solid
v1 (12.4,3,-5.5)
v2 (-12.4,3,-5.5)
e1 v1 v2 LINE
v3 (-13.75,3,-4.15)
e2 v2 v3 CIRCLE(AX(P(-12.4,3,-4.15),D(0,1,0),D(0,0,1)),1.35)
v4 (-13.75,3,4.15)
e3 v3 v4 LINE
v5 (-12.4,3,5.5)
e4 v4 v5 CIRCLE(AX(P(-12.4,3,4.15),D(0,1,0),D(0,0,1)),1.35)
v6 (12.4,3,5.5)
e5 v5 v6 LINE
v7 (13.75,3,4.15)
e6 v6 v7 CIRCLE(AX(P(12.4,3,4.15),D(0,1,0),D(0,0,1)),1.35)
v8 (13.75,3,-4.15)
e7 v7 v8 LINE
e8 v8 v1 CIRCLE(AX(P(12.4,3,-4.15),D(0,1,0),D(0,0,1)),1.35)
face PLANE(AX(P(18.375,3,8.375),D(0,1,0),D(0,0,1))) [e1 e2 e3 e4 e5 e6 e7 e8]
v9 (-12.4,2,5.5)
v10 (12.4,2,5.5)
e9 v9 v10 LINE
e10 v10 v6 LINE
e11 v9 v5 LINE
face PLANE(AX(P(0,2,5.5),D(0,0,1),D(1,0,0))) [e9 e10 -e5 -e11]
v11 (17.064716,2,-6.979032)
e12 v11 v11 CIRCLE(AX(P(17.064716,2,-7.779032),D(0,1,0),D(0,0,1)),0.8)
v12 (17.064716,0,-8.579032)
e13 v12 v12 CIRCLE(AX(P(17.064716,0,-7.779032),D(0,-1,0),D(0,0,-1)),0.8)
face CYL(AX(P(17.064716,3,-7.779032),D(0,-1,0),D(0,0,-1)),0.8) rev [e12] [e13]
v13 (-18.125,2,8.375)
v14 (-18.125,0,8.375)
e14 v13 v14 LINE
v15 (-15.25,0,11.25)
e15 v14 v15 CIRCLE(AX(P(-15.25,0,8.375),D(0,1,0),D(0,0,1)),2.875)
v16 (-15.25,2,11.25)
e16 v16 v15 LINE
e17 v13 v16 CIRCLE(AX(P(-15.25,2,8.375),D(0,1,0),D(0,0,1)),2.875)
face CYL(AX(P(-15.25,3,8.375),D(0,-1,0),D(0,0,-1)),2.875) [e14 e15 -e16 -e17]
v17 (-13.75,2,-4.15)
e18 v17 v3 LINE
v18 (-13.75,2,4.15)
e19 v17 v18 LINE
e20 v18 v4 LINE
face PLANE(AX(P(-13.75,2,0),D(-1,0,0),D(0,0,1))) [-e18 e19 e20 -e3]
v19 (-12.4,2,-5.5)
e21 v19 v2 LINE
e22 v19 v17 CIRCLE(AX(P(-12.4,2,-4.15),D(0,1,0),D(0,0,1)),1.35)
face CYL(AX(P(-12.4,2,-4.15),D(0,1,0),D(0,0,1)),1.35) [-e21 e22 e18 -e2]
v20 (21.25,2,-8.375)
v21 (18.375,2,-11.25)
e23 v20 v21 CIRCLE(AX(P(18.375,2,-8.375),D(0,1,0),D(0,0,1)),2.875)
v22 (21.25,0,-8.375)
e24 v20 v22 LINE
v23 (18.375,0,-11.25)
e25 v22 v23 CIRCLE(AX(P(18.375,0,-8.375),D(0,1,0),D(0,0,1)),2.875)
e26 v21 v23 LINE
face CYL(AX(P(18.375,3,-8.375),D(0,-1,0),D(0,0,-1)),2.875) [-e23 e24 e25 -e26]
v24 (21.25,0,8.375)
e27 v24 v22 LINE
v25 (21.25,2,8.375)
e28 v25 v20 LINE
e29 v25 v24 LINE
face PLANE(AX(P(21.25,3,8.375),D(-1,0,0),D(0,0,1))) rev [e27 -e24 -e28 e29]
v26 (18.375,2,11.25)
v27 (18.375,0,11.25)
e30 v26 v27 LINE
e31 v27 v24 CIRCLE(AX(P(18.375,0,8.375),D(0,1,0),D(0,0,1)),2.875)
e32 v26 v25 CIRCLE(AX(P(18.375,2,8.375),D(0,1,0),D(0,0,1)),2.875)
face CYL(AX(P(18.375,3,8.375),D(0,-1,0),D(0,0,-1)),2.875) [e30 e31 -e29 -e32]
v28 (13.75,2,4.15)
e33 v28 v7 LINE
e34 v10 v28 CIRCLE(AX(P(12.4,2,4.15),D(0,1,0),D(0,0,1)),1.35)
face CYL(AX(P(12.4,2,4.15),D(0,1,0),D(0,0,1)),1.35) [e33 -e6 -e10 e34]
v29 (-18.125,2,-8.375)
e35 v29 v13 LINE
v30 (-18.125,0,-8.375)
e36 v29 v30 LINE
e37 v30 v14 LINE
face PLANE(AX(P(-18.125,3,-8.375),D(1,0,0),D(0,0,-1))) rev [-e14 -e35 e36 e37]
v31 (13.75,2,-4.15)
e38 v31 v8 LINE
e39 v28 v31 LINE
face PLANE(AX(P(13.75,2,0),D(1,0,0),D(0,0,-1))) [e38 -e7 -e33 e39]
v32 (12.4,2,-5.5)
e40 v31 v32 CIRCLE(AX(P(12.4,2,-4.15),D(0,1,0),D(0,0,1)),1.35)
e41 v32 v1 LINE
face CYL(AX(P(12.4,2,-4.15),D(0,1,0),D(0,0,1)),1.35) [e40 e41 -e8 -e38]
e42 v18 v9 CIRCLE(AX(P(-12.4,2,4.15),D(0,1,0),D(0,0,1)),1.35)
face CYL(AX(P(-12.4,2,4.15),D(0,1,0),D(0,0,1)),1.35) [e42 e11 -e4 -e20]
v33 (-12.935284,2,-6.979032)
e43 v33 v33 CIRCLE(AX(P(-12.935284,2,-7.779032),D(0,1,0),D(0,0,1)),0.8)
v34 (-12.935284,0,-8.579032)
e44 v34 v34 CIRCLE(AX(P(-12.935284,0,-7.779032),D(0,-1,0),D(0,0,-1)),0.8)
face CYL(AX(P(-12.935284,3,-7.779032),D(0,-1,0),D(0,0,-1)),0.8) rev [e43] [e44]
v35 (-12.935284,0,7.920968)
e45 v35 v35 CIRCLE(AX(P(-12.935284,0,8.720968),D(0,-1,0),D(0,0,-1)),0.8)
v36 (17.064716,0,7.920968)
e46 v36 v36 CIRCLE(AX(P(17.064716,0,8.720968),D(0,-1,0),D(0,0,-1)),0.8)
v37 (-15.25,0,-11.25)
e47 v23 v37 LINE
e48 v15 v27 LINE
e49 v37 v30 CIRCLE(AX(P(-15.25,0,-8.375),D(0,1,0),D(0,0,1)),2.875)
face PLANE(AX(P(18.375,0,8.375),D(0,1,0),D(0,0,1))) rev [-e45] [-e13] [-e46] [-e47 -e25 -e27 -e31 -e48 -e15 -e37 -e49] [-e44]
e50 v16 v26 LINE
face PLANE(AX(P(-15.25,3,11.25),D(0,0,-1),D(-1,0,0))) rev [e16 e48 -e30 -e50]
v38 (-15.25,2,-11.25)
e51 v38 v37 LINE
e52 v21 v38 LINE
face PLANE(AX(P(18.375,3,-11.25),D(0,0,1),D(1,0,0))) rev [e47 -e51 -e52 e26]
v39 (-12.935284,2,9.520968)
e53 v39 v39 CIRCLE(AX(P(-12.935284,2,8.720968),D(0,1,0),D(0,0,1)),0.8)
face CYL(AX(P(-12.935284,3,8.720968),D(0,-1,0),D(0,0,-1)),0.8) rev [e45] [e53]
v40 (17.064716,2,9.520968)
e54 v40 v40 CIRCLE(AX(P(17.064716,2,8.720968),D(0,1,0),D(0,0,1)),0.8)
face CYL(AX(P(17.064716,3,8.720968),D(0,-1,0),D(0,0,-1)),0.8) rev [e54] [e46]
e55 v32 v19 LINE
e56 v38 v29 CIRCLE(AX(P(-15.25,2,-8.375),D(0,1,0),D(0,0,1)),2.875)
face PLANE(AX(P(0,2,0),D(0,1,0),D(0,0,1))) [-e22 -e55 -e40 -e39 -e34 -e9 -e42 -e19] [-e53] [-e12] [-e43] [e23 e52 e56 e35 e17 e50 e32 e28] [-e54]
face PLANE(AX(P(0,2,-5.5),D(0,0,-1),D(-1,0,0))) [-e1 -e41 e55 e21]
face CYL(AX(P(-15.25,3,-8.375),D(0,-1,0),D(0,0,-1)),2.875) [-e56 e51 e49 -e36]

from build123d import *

# Parameters (mm, degrees)
BOSS_EXTRUDE1_DEPTH = 3
CUT_EXTRUDE1_START  = -1
CUT_EXTRUDE1_DEPTH  = 1
SKETCH3_R           = 0.8
CUT_EXTRUDE2_DEPTH  = 25.230662393


with BuildPart() as part:
    # Sketch1 → Boss-Extrude1 (new body)
    with BuildSketch(Plane(origin=(0, 0, 0), x_dir=(1, 0, 0), z_dir=(0, 1, 0))):
        with BuildLine():
            Line((21.25, -8.375), (21.25, 8.375))
            ThreePointArc((21.25, 8.375), (20.407931996, 10.407931996), (18.375, 11.25))
            Line((18.375, 11.25), (-15.25, 11.25))
            ThreePointArc((-15.25, 11.25), (-17.282931996, 10.407931996), (-18.125, 8.375))
            Line((-18.125, 8.375), (-18.125, -8.375))
            ThreePointArc((-18.125, -8.375), (-17.282931996, -10.407931996), (-15.25, -11.25))
            Line((-15.25, -11.25), (18.375, -11.25))
            ThreePointArc((18.375, -11.25), (20.407931996, -10.407931996), (21.25, -8.375))
        make_face()
    extrude(amount=BOSS_EXTRUDE1_DEPTH)

    # Sketch2 → Cut-Extrude1 (cut)
    with BuildSketch(Plane(origin=(0, 3, 0), x_dir=(1, 0, 0), z_dir=(0, 1, 0)).offset(CUT_EXTRUDE1_START)):
        with BuildLine():
            ThreePointArc((18.375, -11.25), (20.407931996, -10.407931996), (21.25, -8.375))
            Line((21.25, -8.375), (21.25, 8.375))
            ThreePointArc((21.25, 8.375), (20.407931996, 10.407931996), (18.375, 11.25))
            Line((18.375, 11.25), (-15.25, 11.25))
            ThreePointArc((-15.25, 11.25), (-17.282931996, 10.407931996), (-18.125, 8.375))
            Line((-18.125, 8.375), (-18.125, -8.375))
            ThreePointArc((-18.125, -8.375), (-17.282931996, -10.407931996), (-15.25, -11.25))
            Line((-15.25, -11.25), (18.375, -11.25))
        make_face()
        with BuildLine():
            Line((-13.75, -4.15), (-13.75, 4.15))
            ThreePointArc((-13.75, 4.15), (-13.354594155, 5.104594155), (-12.4, 5.5))
            Line((-12.4, 5.5), (12.4, 5.5))
            ThreePointArc((12.4, 5.5), (13.354594155, 5.104594155), (13.75, 4.15))
            Line((13.75, 4.15), (13.75, -4.15))
            ThreePointArc((13.75, -4.15), (13.354594155, -5.104594155), (12.4, -5.5))
            Line((12.4, -5.5), (-12.4, -5.5))
            ThreePointArc((-12.4, -5.5), (-13.354594155, -5.104594155), (-13.75, -4.15))
        make_face(mode=Mode.SUBTRACT)
    extrude(amount=CUT_EXTRUDE1_DEPTH, mode=Mode.SUBTRACT)

    # Sketch3 → Cut-Extrude2 (cut, through all)
    with BuildSketch(Plane.XZ):
        with Locations((17.064715841, -7.779032038)):
            Circle(SKETCH3_R)
        with Locations((-12.935284159, -7.779032038)):
            Circle(SKETCH3_R)
        with Locations((-12.935284159, 8.720967962)):
            Circle(SKETCH3_R)
        with Locations((17.064715841, 8.720967962)):
            Circle(SKETCH3_R)
    extrude(amount=-CUT_EXTRUDE2_DEPTH, mode=Mode.SUBTRACT)


solid = part.part
